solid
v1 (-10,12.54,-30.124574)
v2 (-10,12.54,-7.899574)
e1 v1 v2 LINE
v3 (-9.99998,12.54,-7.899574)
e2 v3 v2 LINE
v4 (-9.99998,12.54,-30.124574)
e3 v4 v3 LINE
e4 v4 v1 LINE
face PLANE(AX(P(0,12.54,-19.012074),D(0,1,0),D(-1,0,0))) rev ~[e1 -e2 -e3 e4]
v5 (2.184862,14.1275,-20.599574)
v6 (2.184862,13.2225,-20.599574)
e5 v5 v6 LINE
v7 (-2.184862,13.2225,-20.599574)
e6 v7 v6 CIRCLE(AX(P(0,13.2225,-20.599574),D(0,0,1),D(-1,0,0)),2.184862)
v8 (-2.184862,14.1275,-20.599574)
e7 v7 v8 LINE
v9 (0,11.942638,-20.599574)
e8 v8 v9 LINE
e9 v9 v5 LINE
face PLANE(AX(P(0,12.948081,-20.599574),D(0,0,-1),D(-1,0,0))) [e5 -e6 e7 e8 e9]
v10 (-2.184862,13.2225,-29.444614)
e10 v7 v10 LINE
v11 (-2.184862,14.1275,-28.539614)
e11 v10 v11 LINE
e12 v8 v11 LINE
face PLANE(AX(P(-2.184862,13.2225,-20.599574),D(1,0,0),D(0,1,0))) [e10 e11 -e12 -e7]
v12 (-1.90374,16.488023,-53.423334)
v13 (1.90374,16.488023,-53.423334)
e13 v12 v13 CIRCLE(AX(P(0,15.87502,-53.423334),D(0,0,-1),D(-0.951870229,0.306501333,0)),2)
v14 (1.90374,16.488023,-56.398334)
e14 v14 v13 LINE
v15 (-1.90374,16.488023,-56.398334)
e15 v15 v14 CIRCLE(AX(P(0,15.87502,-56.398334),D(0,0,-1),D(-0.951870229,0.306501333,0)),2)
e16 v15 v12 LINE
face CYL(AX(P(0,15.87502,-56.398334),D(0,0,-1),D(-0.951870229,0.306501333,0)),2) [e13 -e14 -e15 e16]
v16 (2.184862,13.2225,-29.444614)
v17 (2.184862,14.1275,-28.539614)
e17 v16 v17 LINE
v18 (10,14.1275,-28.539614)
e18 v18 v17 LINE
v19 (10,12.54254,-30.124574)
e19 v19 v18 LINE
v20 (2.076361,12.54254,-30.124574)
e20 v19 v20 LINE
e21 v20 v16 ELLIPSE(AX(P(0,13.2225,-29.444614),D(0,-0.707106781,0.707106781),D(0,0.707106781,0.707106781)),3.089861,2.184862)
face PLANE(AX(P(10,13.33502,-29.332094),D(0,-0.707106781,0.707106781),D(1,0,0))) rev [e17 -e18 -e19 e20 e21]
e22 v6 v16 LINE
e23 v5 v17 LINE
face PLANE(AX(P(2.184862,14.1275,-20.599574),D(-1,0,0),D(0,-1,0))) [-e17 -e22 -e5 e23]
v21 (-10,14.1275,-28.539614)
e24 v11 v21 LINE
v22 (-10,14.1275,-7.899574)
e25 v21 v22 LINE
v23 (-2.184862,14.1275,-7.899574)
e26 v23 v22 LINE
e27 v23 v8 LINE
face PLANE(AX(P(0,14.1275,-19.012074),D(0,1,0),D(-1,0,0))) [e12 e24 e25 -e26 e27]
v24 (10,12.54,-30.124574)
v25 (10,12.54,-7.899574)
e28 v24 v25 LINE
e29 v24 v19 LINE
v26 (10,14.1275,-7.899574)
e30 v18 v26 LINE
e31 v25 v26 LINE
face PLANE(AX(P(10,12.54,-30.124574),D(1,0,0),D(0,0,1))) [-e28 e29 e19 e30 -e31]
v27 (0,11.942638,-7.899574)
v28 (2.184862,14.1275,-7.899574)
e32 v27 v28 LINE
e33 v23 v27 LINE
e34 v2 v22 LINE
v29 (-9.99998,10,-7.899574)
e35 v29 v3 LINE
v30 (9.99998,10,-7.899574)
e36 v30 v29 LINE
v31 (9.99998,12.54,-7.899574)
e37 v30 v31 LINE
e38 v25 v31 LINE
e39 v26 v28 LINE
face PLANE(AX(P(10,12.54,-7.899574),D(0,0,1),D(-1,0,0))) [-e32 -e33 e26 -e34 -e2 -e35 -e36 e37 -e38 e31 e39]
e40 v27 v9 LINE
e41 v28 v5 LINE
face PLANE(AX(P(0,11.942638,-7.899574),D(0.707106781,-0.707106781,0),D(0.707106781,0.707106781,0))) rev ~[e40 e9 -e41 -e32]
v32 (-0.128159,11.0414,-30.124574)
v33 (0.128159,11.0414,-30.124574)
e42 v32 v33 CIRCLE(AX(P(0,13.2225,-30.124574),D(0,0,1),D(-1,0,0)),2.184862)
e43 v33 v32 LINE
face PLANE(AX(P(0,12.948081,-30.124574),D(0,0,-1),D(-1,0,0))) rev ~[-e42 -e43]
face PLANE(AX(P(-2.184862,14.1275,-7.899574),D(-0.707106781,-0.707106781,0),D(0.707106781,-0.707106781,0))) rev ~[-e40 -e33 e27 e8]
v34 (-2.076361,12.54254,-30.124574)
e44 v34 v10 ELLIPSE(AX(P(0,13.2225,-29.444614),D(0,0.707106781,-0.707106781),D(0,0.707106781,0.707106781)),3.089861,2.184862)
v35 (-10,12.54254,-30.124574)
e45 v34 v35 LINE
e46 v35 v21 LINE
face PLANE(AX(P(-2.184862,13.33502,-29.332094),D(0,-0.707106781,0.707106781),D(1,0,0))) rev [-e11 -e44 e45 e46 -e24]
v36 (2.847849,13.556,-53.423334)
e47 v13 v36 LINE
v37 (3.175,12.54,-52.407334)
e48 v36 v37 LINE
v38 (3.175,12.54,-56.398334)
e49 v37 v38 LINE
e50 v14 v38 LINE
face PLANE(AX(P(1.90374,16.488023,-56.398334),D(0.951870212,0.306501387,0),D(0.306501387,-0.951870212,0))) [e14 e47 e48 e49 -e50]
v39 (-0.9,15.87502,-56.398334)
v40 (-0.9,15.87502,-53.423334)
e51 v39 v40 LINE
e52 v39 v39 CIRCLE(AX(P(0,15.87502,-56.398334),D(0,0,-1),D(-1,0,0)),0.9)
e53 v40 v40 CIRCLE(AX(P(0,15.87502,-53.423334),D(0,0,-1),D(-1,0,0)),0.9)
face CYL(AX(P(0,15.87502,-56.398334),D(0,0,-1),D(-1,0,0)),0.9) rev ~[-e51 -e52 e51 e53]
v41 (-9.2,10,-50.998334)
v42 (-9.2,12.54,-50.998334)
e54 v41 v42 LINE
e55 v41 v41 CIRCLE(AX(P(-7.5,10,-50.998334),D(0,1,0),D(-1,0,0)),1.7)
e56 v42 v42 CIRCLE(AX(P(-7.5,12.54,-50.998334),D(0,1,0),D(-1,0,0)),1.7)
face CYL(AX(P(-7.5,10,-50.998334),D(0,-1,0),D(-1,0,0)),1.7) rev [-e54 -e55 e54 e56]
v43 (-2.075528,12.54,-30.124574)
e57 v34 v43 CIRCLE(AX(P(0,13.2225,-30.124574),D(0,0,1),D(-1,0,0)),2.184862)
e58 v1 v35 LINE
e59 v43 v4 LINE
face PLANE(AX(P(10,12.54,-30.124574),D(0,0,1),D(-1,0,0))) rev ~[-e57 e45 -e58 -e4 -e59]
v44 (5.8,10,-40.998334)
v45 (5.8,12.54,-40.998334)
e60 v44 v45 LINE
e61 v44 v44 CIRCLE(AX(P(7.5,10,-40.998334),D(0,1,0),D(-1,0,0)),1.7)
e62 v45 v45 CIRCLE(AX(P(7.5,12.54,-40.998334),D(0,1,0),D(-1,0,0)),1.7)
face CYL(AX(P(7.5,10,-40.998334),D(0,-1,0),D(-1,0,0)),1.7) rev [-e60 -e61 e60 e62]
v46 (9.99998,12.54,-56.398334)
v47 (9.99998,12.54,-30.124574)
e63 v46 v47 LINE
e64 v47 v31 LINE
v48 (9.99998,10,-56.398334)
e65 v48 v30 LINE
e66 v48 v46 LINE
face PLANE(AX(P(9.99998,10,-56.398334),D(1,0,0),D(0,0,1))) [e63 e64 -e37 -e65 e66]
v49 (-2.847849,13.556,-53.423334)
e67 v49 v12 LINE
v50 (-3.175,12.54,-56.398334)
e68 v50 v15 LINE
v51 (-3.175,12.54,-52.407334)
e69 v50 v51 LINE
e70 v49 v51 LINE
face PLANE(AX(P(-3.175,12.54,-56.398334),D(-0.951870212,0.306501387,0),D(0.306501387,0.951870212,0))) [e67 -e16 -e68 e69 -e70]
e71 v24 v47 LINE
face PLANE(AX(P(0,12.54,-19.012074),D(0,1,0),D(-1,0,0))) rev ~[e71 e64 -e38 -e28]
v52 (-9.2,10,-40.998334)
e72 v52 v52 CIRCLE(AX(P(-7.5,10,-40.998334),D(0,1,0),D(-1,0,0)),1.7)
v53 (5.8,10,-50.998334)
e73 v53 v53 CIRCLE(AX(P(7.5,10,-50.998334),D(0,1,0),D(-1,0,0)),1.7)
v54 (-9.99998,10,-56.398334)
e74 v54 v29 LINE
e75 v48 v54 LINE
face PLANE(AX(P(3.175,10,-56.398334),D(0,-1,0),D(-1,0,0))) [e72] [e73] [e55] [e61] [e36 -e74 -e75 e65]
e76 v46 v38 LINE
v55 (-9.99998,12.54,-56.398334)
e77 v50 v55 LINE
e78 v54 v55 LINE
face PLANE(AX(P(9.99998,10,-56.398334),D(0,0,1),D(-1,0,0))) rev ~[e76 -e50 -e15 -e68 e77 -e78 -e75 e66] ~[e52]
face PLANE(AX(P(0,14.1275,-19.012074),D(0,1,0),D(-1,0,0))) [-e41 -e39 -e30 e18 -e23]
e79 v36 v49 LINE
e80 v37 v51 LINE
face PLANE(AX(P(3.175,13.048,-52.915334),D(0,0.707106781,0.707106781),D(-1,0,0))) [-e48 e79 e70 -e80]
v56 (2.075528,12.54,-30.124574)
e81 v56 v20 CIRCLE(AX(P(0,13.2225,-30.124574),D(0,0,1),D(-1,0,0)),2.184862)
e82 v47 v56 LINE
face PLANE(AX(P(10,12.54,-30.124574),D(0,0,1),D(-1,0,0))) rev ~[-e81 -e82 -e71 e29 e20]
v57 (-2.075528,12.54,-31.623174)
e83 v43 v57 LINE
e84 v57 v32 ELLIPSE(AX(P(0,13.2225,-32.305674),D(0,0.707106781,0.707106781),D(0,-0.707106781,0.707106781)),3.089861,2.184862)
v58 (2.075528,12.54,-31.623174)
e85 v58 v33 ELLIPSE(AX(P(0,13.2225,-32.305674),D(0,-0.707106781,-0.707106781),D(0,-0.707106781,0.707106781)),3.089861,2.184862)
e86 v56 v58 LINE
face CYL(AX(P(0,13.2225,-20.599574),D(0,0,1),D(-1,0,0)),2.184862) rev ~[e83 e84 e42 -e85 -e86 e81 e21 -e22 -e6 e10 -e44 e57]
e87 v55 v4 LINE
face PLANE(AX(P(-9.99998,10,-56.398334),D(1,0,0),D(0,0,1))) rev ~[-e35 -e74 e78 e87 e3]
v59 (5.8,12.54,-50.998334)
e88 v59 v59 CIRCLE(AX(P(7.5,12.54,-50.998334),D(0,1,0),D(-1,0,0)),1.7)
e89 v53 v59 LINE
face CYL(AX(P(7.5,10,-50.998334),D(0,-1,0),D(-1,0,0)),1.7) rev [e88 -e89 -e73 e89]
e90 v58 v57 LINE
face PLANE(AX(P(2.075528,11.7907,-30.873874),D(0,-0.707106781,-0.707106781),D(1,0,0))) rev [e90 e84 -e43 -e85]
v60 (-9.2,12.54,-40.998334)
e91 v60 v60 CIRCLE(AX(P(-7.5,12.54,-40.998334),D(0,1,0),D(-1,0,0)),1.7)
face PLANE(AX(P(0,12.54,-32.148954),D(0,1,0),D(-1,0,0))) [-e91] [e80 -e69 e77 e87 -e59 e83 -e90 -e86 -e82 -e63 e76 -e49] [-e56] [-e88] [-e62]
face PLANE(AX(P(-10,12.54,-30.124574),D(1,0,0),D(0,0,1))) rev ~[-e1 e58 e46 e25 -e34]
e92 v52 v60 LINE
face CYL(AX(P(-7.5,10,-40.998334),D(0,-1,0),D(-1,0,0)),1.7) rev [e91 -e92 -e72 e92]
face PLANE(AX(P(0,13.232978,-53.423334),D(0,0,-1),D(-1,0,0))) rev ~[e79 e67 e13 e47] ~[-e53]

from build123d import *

# Parameters (mm, degrees)
SKETCH061_W     = 19.99996
SKETCH061_H     = 48.49876
SKETCH061_R     = 1.7
PAD018_DEPTH    = 2.54
SKETCH038_W     = 20
SKETCH038_H     = 22.225
PAD004_DEPTH    = 1.5875
POCKET005_DEPTH = 12.7
POCKET006_DEPTH = 9.525
CHAMFER_SIZE    = 1.4986
SKETCH062_R     = 0.9
PAD019_DEPTH    = 2.975
CHAMFER002_SIZE = 1.016
CHAMFER005_SIZE = 1.58496


with BuildPart() as part:
    # Sketch061 → Pad018 (new body)
    with BuildSketch(Plane(origin=(0, 10, -45.999574), x_dir=(-1, 0, 0), z_dir=(0, 1, 0))):
        with Locations((0, 13.85062)):
            Rectangle(SKETCH061_W, SKETCH061_H)
        with Locations((-7.5, 5.00124)):
            Circle(SKETCH061_R, mode=Mode.SUBTRACT)
        with Locations((-7.5, -4.99876)):
            Circle(SKETCH061_R, mode=Mode.SUBTRACT)
        with Locations((7.5, -4.99876)):
            Circle(SKETCH061_R, mode=Mode.SUBTRACT)
        with Locations((7.5, 5.00124)):
            Circle(SKETCH061_R, mode=Mode.SUBTRACT)
    extrude(amount=PAD018_DEPTH)

    # Sketch038 (on Face10 of Pad018) → Pad004 (join)
    with BuildSketch(Plane(origin=(0, 12.54, -45.999574), x_dir=(-1, 0, 0), z_dir=(0, 1, 0))):
        with Locations((0, 26.9875)):
            Rectangle(SKETCH038_W, SKETCH038_H)
    extrude(amount=PAD004_DEPTH)

    # Sketch040 (on Face5 of Pad004) → Pocket005 (cut)
    with BuildSketch(Plane(origin=(0, 10, -7.899574), x_dir=(1, 0, 0), z_dir=(0, 0, 1))):
        Polygon((-2.184862, 4.1275), (0, 1.942638), (2.184862, 4.1275), align=None)
    extrude(amount=-POCKET005_DEPTH, mode=Mode.SUBTRACT)

    # Sketch037 (on Face18 of Pocket005) → Pocket006 (cut)
    with BuildSketch(Plane(origin=(0, 10, -20.599574), x_dir=(1, 0, 0), z_dir=(0, 0, 1))):
        with BuildLine():
            Line((-2.184862, 3.2225), (-2.184862, 4.1275))
            Line((-2.184862, 4.1275), (2.184862, 4.1275))
            Line((2.184862, 4.1275), (2.184862, 3.2225))
            ThreePointArc((-2.184862, 3.2225), (0, 1.037638), (2.184862, 3.2225))
        make_face()
    extrude(amount=-POCKET006_DEPTH, mode=Mode.SUBTRACT)

    # Chamfer
    chamfer_edges = [part.edges().sort_by_distance(p)[0] for p in [
        (0, 12.54, -30.124574),
    ]]
    chamfer(chamfer_edges, length=CHAMFER_SIZE)

    # Sketch062 (on Face6 of Chamfer) → Pad019 (join)
    with BuildSketch(Plane(origin=(0, 10, -56.398334), x_dir=(-1, 0, 0), z_dir=(0, 0, -1))):
        with BuildLine():
            Line((-3.175, 2.54), (-3.175, 0))
            Line((-3.175, 0), (3.175, 0))
            Line((3.175, 0), (3.175, 2.54))
            Line((3.175, 2.54), (1.90374, 6.488023))
            ThreePointArc((1.90374, 6.488023), (0, 7.87502), (-1.90374, 6.488023))
            Line((-1.90374, 6.488023), (-3.175, 2.54))
        make_face()
        with Locations((0, 5.87502)):
            Circle(SKETCH062_R, mode=Mode.SUBTRACT)
    extrude(amount=-PAD019_DEPTH)

    # Chamfer002
    chamfer002_edges = [part.edges().sort_by_distance(p)[0] for p in [
        (0, 12.54, -53.423334),
    ]]
    chamfer(chamfer002_edges, length=CHAMFER002_SIZE)

    # Chamfer005
    chamfer005_edges = [part.edges().sort_by_distance(p)[0] for p in [
        (6.092431, 14.1275, -30.124574),
        (-6.092431, 14.1275, -30.124574),
    ]]
    chamfer(chamfer005_edges, length=CHAMFER005_SIZE)


solid = part.part
